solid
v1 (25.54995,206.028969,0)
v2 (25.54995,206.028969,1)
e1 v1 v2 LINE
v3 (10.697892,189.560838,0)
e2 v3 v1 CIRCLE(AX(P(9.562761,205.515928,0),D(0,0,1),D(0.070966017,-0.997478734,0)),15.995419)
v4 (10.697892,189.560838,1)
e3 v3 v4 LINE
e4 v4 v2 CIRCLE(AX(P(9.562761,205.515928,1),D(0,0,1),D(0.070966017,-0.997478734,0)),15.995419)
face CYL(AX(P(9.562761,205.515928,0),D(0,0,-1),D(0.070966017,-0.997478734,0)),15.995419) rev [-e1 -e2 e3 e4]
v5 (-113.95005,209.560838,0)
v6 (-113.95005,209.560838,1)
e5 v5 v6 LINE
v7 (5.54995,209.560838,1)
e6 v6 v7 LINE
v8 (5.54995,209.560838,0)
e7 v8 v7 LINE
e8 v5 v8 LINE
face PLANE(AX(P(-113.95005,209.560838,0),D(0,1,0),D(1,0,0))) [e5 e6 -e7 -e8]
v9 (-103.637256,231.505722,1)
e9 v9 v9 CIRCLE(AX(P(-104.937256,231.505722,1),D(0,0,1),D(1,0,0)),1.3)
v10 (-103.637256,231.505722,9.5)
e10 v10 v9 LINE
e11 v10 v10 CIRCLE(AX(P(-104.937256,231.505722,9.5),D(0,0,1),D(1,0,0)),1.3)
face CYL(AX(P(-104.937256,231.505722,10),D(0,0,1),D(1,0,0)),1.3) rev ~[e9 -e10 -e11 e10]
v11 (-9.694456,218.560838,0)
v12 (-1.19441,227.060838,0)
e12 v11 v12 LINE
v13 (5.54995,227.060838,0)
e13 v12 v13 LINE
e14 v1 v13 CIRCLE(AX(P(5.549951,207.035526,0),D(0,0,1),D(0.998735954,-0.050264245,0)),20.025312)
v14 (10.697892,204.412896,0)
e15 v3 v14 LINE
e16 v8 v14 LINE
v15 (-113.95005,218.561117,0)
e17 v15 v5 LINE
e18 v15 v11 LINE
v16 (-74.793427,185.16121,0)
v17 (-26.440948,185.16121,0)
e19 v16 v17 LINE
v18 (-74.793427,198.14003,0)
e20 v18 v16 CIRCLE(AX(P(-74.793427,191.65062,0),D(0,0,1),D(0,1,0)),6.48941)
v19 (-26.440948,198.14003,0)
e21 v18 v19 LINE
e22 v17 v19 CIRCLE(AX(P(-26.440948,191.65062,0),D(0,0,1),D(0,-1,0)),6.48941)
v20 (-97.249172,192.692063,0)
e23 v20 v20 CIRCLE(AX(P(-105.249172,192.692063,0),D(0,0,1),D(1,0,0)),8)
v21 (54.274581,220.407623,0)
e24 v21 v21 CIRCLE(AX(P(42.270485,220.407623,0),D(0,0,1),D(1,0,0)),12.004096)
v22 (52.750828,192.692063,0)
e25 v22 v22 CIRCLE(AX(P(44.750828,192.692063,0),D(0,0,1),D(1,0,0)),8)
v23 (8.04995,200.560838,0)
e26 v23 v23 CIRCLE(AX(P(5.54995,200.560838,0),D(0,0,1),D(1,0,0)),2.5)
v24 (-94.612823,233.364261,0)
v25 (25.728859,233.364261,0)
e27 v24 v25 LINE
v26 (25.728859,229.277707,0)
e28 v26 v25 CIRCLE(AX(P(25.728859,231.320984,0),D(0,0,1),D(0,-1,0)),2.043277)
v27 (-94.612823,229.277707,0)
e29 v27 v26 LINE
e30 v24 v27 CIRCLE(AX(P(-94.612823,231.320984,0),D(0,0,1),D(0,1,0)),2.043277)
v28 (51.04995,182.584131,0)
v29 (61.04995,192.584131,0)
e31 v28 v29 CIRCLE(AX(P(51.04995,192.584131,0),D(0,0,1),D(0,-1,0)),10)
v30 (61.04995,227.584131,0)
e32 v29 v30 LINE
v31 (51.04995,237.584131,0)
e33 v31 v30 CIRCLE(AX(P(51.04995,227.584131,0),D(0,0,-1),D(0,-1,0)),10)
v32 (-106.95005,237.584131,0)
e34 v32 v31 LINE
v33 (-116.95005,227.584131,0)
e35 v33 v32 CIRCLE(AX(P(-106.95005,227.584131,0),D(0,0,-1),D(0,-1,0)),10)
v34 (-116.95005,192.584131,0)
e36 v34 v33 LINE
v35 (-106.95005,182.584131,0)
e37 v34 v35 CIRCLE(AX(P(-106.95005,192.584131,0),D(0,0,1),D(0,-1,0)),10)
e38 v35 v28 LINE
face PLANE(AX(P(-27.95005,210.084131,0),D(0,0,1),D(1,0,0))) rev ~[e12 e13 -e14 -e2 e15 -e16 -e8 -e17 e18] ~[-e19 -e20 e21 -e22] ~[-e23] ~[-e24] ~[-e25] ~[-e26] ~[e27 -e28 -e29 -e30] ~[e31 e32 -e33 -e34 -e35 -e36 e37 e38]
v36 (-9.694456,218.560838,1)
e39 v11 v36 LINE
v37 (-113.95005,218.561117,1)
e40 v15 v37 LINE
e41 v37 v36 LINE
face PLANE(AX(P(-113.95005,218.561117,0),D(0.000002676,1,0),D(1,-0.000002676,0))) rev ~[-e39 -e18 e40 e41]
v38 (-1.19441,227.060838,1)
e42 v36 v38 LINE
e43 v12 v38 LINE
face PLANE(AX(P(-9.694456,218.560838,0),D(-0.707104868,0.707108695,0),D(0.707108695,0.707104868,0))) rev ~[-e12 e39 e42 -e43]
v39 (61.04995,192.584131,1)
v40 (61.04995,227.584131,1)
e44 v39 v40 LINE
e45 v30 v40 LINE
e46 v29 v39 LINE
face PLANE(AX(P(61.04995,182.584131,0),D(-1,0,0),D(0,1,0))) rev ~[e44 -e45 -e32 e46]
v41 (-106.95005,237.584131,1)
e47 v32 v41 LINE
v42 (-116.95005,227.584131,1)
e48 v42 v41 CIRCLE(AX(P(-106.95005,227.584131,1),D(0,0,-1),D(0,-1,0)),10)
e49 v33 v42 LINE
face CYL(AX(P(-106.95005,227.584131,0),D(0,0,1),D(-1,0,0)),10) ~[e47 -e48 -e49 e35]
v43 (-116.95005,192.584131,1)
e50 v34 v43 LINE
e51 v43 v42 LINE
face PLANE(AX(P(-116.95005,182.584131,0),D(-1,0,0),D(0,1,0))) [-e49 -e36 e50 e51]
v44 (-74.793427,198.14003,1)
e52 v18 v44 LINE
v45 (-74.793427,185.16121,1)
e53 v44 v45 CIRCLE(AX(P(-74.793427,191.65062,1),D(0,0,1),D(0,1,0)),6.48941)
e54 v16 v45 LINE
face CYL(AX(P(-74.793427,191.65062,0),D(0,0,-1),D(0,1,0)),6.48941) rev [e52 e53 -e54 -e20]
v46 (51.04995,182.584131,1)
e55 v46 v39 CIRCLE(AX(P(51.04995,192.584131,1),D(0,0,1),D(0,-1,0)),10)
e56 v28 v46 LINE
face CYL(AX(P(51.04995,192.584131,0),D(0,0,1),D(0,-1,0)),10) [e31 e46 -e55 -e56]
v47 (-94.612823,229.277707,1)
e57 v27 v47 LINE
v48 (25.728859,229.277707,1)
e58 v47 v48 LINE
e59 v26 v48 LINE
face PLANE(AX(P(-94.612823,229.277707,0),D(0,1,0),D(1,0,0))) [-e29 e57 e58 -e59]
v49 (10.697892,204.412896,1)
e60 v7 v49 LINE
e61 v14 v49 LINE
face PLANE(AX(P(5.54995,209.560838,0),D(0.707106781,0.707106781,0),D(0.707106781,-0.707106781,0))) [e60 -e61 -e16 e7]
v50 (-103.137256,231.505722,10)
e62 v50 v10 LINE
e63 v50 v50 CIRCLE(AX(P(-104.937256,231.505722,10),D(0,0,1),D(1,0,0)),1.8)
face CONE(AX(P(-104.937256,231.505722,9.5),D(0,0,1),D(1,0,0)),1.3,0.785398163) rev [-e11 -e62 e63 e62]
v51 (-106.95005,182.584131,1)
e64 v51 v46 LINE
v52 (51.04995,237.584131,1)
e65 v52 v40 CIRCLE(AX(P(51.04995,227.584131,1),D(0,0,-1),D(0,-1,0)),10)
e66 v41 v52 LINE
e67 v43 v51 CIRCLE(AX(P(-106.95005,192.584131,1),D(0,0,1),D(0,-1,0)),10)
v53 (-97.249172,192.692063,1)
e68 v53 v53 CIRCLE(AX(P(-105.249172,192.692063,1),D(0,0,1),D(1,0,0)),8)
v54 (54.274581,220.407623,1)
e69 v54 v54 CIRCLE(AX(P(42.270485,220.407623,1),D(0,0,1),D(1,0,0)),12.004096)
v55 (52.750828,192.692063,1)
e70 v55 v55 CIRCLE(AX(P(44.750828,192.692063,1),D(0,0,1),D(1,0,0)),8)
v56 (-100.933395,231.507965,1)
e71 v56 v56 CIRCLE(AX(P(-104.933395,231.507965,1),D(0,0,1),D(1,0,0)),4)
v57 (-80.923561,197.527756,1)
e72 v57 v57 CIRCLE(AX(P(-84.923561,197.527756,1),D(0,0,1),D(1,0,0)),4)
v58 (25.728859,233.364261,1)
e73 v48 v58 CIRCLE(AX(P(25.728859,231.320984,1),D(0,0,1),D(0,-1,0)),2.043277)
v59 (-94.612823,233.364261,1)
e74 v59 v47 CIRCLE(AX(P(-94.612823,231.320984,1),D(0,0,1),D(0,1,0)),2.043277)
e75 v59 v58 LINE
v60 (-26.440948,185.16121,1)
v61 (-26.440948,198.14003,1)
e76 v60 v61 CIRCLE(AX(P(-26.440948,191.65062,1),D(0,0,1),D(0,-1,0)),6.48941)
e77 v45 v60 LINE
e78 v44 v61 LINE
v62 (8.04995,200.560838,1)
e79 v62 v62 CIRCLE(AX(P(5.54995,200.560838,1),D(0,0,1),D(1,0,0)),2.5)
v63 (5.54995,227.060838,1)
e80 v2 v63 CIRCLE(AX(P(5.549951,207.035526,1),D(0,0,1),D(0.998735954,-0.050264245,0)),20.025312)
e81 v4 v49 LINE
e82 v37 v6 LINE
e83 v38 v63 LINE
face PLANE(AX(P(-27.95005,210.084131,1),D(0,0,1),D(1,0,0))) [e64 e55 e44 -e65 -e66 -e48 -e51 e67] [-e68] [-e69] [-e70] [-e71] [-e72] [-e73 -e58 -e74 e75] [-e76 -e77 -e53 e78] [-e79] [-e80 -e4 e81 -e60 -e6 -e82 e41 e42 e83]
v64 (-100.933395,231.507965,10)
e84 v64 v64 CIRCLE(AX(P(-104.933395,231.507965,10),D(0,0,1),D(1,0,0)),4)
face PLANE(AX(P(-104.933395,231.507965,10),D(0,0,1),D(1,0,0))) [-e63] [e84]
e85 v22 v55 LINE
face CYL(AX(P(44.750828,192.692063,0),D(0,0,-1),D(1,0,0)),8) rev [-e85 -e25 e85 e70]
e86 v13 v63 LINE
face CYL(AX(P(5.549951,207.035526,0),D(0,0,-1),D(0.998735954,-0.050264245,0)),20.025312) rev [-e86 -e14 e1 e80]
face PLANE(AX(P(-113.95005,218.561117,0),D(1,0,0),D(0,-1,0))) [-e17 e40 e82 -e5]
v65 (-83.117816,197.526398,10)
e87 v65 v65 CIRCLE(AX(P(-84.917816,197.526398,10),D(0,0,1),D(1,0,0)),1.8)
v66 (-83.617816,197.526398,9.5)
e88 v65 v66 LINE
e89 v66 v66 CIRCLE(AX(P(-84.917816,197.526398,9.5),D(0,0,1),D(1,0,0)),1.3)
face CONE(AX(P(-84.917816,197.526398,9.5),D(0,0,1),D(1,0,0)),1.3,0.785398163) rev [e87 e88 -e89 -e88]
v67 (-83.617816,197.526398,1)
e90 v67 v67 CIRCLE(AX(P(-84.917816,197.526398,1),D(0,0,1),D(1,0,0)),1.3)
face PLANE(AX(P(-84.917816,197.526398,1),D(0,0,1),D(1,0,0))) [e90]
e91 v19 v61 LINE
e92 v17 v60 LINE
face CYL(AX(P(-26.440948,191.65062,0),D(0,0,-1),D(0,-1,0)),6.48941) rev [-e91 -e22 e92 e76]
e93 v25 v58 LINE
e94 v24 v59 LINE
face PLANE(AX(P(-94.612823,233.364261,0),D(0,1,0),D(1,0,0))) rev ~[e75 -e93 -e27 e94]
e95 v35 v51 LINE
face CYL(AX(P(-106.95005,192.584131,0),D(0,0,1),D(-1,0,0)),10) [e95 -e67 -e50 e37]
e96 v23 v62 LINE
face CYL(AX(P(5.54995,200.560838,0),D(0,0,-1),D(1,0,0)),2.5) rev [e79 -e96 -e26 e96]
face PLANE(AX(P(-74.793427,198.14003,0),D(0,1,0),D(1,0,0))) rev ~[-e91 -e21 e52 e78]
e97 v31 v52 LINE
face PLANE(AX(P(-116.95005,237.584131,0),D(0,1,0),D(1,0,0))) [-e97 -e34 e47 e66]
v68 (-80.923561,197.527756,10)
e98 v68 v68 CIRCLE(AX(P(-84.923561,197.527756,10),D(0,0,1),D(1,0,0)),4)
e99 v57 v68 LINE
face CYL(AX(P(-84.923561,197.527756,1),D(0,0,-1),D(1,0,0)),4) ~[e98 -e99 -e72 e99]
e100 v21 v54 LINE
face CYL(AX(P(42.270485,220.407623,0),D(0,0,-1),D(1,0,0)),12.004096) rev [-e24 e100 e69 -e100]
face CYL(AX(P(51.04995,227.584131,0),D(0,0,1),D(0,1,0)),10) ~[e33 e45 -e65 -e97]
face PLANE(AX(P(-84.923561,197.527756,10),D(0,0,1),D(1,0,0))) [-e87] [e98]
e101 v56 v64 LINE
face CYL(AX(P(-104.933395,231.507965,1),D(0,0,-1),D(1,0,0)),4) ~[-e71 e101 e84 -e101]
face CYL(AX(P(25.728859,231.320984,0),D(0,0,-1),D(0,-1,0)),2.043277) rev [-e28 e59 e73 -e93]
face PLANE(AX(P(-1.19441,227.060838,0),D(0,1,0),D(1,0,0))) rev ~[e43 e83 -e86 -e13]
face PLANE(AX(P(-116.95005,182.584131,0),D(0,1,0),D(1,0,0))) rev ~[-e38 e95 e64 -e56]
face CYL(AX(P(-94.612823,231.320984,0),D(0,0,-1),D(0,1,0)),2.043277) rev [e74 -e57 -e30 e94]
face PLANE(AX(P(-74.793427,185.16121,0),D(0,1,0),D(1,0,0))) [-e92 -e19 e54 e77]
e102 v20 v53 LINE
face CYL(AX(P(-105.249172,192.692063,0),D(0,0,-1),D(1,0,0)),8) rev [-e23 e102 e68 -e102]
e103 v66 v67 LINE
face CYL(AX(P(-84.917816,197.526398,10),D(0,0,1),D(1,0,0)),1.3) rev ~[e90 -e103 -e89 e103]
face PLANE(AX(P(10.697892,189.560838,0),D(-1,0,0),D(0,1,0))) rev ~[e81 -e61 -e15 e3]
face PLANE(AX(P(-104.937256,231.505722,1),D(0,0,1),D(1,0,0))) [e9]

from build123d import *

# Parameters (mm, degrees)
SKETCH001_W   = 178
SKETCH001_H   = 55
SKETCH001_R   = 2.5
SKETCH001_R_2 = 8
SKETCH001_R_3 = 12.004096
PAD_DEPTH     = 1
SKETCH003_R   = 4
PAD001_DEPTH  = 9
SKETCH004_R   = 1.3
POCKET_DEPTH  = 9
FILLET_R      = 10
FILLET001_R   = 10
CHAMFER_SIZE  = 0.5


with BuildPart() as part:
    # Sketch001 → Pad (new body)
    with BuildSketch(Plane.XY):
        with Locations((-27.95005, 210.084131)):
            Rectangle(SKETCH001_W, SKETCH001_H)
        with Locations((5.54995, 200.560838)):
            Circle(SKETCH001_R, mode=Mode.SUBTRACT)
        with Locations((-105.249172, 192.692063)):
            Circle(SKETCH001_R_2, mode=Mode.SUBTRACT)
        with Locations((44.750828, 192.692063)):
            Circle(SKETCH001_R_2, mode=Mode.SUBTRACT)
        with Locations((42.270485, 220.407623)):
            Circle(SKETCH001_R_3, mode=Mode.SUBTRACT)
        with BuildLine():
            ThreePointArc((25.54995, 206.028969), (20.061493, 220.835101), (5.54995, 227.060838))
            Line((-1.19441, 227.060838), (5.54995, 227.060838))
            Line((-9.694456, 218.560838), (-1.19441, 227.060838))
            Line((-113.95005, 218.561117), (-9.694456, 218.560838))
            Line((-113.95005, 218.561117), (-113.95005, 209.560838))
            Line((-113.95005, 209.560838), (-9.618024, 209.560838))
            Line((-9.618024, 209.560838), (5.54995, 209.560838))
            Line((5.54995, 209.560838), (10.697892, 204.412896))
            Line((10.697892, 189.560838), (10.697892, 204.412896))
            ThreePointArc((10.697892, 189.560838), (21.441031, 194.803313), (25.54995, 206.028969))
        make_face(mode=Mode.SUBTRACT)
        with BuildLine():
            ThreePointArc((-74.793427, 198.14003), (-81.282837, 191.65062), (-74.793427, 185.16121))
            Line((-74.793427, 185.16121), (-26.440948, 185.16121))
            ThreePointArc((-26.440948, 185.16121), (-19.951538, 191.65062), (-26.440948, 198.14003))
            Line((-74.793427, 198.14003), (-26.440948, 198.14003))
        make_face(mode=Mode.SUBTRACT)
        with BuildLine():
            ThreePointArc((-94.612823, 233.364261), (-96.6561, 231.320984), (-94.612823, 229.277707))
            Line((-94.612823, 229.277707), (25.728859, 229.277707))
            ThreePointArc((25.728859, 229.277707), (27.772136, 231.320984), (25.728859, 233.364261))
            Line((-94.612823, 233.364261), (25.728859, 233.364261))
        make_face(mode=Mode.SUBTRACT)
    extrude(amount=PAD_DEPTH)

    # Sketch003 (on Face28 of Pad) → Pad001 (join)
    with BuildSketch(Plane.XY.offset(1)):
        with Locations((-84.923561, 197.527756)):
            Circle(SKETCH003_R)
        with Locations((-104.933395, 231.507965)):
            Circle(SKETCH003_R)
    extrude(amount=PAD001_DEPTH)

    # Sketch004 (on Face31 of Pad001) → Pocket (cut)
    with BuildSketch(Plane.XY.offset(10)):
        with Locations((-84.917816, 197.526398)):
            Circle(SKETCH004_R)
        with Locations((-104.937256, 231.505722)):
            Circle(SKETCH004_R)
    extrude(amount=-POCKET_DEPTH, mode=Mode.SUBTRACT)

    # Fillet
    fillet_edges = [part.edges().sort_by_distance(p)[0] for p in [
        (-116.95005, 182.584131, 0.5),
        (61.04995, 182.584131, 0.5),
    ]]
    fillet(fillet_edges, radius=FILLET_R)

    # Fillet001
    fillet001_edges = [part.edges().sort_by_distance(p)[0] for p in [
        (61.04995, 237.584131, 0.5),
        (-116.95005, 237.584131, 0.5),
    ]]
    fillet(fillet001_edges, radius=FILLET001_R)

    # Chamfer
    chamfer_edges = [part.edges().sort_by_distance(p)[0] for p in [
        (-106.237256, 231.505722, 10),
        (-86.217816, 197.526398, 10),
    ]]
    chamfer(chamfer_edges, length=CHAMFER_SIZE)


solid = part.part
